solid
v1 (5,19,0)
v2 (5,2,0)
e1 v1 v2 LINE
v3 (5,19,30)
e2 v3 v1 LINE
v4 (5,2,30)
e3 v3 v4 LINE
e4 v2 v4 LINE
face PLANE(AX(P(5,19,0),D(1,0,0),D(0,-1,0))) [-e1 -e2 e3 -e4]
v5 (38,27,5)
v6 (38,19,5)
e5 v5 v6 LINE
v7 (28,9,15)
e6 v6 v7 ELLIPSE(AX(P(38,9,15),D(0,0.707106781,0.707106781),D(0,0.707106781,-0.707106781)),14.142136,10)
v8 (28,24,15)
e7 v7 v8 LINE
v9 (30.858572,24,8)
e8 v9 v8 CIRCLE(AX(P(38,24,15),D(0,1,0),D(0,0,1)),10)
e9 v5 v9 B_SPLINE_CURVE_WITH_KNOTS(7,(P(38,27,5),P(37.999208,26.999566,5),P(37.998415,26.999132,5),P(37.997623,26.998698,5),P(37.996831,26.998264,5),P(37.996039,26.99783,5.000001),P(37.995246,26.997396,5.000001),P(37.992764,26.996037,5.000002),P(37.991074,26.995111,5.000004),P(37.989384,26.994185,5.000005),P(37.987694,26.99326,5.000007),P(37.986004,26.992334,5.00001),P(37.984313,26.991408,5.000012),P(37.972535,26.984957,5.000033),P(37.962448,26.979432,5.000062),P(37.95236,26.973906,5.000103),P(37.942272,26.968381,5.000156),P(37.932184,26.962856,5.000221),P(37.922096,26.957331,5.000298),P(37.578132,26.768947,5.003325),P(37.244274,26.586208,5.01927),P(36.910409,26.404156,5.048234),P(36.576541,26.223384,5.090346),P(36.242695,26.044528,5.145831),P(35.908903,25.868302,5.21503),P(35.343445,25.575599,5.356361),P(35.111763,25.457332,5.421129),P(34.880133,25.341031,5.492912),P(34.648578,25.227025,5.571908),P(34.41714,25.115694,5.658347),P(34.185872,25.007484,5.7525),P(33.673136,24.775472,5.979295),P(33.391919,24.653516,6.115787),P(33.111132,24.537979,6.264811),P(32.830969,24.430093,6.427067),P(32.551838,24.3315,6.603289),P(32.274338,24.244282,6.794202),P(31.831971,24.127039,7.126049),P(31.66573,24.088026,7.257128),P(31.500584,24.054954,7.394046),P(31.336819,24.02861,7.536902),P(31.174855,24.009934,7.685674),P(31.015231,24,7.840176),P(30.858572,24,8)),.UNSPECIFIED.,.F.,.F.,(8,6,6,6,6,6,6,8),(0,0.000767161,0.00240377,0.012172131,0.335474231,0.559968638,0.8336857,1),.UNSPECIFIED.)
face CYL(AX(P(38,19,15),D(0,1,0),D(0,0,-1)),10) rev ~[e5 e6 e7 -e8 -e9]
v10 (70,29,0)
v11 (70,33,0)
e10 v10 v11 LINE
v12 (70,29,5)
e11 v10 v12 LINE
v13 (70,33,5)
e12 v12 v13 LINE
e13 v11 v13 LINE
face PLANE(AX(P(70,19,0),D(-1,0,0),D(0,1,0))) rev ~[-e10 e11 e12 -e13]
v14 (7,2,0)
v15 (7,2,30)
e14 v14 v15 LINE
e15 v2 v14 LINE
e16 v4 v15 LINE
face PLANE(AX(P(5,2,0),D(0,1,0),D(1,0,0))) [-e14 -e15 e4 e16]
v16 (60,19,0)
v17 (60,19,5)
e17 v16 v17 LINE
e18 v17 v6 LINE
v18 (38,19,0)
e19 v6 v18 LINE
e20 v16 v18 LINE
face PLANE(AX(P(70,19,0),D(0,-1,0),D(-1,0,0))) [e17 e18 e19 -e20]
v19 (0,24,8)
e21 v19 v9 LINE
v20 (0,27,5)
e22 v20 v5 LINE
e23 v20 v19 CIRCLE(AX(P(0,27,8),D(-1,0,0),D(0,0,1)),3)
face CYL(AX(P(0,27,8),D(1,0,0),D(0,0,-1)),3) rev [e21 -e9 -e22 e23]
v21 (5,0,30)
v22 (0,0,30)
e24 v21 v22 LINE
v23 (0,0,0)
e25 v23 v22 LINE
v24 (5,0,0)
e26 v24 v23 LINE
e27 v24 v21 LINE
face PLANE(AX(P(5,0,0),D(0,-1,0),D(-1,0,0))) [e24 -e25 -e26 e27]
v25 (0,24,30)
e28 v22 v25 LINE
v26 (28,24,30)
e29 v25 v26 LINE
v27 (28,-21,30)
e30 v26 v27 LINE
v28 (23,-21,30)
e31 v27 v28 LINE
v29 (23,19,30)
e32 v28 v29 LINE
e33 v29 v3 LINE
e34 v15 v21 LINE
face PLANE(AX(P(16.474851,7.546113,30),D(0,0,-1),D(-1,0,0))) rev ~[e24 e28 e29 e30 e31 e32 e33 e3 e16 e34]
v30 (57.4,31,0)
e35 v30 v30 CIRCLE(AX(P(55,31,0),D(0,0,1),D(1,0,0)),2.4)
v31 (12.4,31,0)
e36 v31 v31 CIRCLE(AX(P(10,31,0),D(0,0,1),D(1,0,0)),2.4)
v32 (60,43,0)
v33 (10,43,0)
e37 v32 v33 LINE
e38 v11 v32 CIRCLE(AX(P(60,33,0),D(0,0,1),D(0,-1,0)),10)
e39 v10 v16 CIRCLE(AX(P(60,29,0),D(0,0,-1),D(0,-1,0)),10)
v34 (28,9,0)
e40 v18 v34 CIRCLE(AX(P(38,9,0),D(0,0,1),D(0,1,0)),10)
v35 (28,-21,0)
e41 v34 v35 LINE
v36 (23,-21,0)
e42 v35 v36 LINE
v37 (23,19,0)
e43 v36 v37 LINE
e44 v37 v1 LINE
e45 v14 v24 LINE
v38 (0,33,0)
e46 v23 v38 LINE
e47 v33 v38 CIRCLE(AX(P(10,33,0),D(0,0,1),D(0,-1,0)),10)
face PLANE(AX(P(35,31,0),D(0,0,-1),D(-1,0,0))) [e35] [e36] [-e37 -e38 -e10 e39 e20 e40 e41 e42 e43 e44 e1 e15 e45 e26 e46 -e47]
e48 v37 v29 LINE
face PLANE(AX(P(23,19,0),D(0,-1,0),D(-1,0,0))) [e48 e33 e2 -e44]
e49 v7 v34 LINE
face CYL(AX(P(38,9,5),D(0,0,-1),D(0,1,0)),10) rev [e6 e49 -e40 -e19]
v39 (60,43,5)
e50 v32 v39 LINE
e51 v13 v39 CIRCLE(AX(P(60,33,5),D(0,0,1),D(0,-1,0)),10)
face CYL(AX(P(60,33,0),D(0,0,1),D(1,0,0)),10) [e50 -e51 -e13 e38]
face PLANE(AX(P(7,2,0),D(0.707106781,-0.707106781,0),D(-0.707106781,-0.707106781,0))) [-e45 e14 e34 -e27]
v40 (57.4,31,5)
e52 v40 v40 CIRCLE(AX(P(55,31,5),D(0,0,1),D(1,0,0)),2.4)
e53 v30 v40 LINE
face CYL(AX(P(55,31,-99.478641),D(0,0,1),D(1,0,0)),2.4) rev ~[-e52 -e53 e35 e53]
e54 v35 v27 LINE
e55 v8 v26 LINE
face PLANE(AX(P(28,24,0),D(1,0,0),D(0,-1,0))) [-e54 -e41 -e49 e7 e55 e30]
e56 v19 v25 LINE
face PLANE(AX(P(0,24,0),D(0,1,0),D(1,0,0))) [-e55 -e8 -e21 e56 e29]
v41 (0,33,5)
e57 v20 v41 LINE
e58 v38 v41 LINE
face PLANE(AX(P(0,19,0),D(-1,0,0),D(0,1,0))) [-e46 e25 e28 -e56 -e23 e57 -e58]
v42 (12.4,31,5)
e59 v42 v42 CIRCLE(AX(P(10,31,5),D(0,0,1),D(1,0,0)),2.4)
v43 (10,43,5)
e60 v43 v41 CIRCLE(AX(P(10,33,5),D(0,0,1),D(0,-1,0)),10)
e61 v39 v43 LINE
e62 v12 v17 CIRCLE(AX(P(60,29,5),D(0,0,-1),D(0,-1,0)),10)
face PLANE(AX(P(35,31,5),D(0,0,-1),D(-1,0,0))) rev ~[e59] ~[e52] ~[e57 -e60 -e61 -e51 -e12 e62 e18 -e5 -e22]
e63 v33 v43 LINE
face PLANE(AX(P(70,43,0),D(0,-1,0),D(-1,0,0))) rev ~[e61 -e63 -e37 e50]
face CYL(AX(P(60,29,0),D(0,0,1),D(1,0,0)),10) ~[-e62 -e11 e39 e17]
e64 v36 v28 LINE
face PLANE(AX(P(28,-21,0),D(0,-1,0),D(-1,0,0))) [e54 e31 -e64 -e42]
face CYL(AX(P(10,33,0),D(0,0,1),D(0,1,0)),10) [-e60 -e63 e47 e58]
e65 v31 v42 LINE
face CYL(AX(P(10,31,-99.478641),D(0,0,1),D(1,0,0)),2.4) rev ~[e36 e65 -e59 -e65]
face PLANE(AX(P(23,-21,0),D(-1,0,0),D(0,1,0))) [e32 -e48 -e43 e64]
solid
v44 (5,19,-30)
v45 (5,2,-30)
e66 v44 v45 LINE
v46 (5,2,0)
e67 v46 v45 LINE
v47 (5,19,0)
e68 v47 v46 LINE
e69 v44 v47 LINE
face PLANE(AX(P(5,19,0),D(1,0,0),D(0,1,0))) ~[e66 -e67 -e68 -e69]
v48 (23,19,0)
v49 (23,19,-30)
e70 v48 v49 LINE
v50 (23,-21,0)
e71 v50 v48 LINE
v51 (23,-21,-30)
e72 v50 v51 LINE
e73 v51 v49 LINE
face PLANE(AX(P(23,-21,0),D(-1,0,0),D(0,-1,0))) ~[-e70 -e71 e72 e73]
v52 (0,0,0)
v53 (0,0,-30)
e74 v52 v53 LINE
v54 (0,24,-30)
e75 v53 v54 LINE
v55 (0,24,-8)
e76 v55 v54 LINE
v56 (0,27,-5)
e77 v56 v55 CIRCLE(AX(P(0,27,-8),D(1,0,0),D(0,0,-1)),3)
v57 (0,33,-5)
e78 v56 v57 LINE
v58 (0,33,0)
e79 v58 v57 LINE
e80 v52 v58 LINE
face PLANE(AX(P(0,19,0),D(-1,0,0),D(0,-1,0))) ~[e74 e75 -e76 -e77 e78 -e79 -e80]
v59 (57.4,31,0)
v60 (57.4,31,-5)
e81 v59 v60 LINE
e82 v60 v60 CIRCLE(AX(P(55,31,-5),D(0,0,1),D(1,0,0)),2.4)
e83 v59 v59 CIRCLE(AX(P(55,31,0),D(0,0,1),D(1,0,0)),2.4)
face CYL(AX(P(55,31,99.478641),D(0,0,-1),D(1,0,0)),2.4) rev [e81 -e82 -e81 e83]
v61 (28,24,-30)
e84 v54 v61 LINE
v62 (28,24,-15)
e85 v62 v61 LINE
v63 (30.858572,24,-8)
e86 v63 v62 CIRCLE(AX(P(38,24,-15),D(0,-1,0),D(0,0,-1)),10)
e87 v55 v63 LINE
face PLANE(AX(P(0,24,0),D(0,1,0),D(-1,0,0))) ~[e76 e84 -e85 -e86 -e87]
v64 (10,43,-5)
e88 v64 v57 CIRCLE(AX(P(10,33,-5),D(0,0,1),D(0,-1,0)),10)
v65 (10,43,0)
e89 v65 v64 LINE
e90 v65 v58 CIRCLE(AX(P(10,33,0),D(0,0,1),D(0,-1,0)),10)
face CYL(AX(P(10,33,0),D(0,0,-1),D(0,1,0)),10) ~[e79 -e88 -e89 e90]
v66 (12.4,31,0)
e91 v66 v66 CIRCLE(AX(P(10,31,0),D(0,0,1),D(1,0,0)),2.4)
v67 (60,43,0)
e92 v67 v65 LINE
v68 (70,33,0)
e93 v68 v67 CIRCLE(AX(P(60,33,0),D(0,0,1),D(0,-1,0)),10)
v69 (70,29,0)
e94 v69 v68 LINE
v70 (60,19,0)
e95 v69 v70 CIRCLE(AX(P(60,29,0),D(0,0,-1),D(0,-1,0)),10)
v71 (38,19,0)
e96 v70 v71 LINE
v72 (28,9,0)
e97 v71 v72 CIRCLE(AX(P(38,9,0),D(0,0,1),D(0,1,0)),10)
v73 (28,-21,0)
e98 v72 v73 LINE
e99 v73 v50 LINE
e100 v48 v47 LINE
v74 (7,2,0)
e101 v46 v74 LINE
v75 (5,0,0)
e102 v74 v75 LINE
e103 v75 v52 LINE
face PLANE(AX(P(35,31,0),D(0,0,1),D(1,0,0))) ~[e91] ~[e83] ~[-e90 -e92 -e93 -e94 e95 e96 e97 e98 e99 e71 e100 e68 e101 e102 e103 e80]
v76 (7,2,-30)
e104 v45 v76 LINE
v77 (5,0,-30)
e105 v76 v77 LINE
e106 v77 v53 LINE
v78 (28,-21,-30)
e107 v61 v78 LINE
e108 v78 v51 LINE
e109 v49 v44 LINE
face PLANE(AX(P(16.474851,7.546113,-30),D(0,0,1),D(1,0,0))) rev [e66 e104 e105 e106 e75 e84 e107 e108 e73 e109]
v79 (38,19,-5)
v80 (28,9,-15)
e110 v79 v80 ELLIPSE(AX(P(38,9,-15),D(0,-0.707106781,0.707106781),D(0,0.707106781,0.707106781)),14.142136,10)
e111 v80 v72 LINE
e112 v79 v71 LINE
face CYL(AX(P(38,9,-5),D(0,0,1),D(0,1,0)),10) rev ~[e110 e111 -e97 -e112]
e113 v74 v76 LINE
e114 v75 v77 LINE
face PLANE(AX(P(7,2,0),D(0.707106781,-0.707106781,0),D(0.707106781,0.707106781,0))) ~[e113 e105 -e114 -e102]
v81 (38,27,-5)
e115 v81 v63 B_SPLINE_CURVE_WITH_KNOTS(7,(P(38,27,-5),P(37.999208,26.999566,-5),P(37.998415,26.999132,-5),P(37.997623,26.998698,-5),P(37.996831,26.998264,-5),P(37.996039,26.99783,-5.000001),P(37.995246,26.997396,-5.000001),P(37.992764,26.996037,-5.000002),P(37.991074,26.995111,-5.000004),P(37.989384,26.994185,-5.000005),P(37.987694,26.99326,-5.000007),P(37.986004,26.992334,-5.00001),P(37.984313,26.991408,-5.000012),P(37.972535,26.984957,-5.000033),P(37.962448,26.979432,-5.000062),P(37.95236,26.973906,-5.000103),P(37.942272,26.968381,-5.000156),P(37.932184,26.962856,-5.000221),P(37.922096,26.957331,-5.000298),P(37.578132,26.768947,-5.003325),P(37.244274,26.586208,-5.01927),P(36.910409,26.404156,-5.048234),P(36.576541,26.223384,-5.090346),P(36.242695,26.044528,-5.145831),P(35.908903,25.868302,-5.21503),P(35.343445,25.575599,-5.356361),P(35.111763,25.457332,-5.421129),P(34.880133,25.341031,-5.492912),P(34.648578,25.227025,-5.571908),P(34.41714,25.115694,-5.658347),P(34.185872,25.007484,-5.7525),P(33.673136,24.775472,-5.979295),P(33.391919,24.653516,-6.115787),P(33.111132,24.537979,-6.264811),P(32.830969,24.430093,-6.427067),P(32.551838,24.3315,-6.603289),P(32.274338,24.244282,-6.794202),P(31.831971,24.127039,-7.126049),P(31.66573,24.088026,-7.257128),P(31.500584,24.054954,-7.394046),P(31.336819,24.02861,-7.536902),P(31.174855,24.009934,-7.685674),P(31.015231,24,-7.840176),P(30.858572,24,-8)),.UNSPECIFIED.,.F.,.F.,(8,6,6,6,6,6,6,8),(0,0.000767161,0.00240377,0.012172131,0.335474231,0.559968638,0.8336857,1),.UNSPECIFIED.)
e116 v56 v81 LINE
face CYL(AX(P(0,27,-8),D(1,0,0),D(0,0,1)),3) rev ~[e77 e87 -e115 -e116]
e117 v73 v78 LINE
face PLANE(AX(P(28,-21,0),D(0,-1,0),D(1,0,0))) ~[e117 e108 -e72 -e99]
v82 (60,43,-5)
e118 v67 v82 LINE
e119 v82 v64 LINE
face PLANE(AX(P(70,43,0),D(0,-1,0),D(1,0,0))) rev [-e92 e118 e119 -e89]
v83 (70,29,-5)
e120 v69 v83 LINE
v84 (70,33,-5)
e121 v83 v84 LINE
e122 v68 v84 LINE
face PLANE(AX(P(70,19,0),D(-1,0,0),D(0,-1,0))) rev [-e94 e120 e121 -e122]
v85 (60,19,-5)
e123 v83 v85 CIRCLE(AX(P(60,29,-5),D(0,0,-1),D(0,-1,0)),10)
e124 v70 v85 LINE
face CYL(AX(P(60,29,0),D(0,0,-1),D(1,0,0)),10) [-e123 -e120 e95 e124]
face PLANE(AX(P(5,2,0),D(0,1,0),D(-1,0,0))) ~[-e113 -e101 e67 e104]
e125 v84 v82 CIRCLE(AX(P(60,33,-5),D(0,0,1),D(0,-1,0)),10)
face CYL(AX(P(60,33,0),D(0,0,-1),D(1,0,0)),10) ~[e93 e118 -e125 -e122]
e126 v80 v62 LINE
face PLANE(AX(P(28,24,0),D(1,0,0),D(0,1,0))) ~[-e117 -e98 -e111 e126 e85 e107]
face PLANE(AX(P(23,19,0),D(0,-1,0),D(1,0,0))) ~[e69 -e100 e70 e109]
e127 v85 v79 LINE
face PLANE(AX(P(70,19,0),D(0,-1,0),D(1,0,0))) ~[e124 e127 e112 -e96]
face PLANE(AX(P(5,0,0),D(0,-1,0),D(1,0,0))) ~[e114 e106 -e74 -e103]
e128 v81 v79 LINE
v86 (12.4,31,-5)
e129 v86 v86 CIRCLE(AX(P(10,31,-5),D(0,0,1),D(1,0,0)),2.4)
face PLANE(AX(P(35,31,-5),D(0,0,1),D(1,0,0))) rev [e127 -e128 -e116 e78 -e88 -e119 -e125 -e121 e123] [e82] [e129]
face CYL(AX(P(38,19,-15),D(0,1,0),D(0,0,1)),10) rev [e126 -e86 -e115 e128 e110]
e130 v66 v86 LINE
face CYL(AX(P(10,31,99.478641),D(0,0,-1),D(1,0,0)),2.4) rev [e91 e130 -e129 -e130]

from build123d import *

# Parameters (mm, degrees)
BOSS_EXTRUDE1_DEPTH  = 30
SKETCH2_W            = 70
SKETCH2_H            = 24
BOSS_EXTRUDE2_DEPTH  = 5
M4_CLEARANCE_HOLE1_D = 4.8
FILLET1_R            = 10
FILLET2_R            = 3


with BuildPart() as part:
    # Sketch1 → Boss-Extrude1 (new body)
    with BuildSketch(Plane.XY):
        Polygon((0, 0), (0, 24), (28, 24), (28, -21), (23, -21), (23, 19), (5, 19), (5, 2), (7, 2), (5, 0), align=None)
    extrude(amount=BOSS_EXTRUDE1_DEPTH)

    # Sketch2 → Boss-Extrude2 (add)
    with BuildSketch(Plane(origin=(0, 0, 0), x_dir=(-1, 0, 0), z_dir=(0, 0, -1))):
        with Locations((-35, 31)):
            Rectangle(SKETCH2_W, SKETCH2_H)
    extrude(amount=-BOSS_EXTRUDE2_DEPTH)

    # M4 Clearance Hole1 (through all)
    with Locations(Plane(origin=(0, 0, 0), x_dir=(-1, 0, 0), z_dir=(0, 0, -1))):
        with Locations((-10, 31), (-55, 31)):
            Hole(M4_CLEARANCE_HOLE1_D / 2)

    # Fillet1
    fillet1_edges = [part.edges().sort_by_distance(p)[0] for p in [
        (28, 21.5, 5),
        (0, 43, 2.5),
        (28, 19, 2.5),
        (70, 19, 2.5),
        (70, 43, 2.5),
    ]]
    fillet(fillet1_edges, radius=FILLET1_R)

    # Fillet2
    fillet2_edges = [part.edges().sort_by_distance(p)[0] for p in [
        (19, 24, 5),
    ]]
    fillet(fillet2_edges, radius=FILLET2_R)


with BuildPart() as body_2:
    # Mirror1: mirrored copy
    add(part.part.mirror(Plane(origin=(0, 0, 0), x_dir=(1, 0, 0), z_dir=(0, 0, -1))))


solid = Compound([part.part, body_2.part])
